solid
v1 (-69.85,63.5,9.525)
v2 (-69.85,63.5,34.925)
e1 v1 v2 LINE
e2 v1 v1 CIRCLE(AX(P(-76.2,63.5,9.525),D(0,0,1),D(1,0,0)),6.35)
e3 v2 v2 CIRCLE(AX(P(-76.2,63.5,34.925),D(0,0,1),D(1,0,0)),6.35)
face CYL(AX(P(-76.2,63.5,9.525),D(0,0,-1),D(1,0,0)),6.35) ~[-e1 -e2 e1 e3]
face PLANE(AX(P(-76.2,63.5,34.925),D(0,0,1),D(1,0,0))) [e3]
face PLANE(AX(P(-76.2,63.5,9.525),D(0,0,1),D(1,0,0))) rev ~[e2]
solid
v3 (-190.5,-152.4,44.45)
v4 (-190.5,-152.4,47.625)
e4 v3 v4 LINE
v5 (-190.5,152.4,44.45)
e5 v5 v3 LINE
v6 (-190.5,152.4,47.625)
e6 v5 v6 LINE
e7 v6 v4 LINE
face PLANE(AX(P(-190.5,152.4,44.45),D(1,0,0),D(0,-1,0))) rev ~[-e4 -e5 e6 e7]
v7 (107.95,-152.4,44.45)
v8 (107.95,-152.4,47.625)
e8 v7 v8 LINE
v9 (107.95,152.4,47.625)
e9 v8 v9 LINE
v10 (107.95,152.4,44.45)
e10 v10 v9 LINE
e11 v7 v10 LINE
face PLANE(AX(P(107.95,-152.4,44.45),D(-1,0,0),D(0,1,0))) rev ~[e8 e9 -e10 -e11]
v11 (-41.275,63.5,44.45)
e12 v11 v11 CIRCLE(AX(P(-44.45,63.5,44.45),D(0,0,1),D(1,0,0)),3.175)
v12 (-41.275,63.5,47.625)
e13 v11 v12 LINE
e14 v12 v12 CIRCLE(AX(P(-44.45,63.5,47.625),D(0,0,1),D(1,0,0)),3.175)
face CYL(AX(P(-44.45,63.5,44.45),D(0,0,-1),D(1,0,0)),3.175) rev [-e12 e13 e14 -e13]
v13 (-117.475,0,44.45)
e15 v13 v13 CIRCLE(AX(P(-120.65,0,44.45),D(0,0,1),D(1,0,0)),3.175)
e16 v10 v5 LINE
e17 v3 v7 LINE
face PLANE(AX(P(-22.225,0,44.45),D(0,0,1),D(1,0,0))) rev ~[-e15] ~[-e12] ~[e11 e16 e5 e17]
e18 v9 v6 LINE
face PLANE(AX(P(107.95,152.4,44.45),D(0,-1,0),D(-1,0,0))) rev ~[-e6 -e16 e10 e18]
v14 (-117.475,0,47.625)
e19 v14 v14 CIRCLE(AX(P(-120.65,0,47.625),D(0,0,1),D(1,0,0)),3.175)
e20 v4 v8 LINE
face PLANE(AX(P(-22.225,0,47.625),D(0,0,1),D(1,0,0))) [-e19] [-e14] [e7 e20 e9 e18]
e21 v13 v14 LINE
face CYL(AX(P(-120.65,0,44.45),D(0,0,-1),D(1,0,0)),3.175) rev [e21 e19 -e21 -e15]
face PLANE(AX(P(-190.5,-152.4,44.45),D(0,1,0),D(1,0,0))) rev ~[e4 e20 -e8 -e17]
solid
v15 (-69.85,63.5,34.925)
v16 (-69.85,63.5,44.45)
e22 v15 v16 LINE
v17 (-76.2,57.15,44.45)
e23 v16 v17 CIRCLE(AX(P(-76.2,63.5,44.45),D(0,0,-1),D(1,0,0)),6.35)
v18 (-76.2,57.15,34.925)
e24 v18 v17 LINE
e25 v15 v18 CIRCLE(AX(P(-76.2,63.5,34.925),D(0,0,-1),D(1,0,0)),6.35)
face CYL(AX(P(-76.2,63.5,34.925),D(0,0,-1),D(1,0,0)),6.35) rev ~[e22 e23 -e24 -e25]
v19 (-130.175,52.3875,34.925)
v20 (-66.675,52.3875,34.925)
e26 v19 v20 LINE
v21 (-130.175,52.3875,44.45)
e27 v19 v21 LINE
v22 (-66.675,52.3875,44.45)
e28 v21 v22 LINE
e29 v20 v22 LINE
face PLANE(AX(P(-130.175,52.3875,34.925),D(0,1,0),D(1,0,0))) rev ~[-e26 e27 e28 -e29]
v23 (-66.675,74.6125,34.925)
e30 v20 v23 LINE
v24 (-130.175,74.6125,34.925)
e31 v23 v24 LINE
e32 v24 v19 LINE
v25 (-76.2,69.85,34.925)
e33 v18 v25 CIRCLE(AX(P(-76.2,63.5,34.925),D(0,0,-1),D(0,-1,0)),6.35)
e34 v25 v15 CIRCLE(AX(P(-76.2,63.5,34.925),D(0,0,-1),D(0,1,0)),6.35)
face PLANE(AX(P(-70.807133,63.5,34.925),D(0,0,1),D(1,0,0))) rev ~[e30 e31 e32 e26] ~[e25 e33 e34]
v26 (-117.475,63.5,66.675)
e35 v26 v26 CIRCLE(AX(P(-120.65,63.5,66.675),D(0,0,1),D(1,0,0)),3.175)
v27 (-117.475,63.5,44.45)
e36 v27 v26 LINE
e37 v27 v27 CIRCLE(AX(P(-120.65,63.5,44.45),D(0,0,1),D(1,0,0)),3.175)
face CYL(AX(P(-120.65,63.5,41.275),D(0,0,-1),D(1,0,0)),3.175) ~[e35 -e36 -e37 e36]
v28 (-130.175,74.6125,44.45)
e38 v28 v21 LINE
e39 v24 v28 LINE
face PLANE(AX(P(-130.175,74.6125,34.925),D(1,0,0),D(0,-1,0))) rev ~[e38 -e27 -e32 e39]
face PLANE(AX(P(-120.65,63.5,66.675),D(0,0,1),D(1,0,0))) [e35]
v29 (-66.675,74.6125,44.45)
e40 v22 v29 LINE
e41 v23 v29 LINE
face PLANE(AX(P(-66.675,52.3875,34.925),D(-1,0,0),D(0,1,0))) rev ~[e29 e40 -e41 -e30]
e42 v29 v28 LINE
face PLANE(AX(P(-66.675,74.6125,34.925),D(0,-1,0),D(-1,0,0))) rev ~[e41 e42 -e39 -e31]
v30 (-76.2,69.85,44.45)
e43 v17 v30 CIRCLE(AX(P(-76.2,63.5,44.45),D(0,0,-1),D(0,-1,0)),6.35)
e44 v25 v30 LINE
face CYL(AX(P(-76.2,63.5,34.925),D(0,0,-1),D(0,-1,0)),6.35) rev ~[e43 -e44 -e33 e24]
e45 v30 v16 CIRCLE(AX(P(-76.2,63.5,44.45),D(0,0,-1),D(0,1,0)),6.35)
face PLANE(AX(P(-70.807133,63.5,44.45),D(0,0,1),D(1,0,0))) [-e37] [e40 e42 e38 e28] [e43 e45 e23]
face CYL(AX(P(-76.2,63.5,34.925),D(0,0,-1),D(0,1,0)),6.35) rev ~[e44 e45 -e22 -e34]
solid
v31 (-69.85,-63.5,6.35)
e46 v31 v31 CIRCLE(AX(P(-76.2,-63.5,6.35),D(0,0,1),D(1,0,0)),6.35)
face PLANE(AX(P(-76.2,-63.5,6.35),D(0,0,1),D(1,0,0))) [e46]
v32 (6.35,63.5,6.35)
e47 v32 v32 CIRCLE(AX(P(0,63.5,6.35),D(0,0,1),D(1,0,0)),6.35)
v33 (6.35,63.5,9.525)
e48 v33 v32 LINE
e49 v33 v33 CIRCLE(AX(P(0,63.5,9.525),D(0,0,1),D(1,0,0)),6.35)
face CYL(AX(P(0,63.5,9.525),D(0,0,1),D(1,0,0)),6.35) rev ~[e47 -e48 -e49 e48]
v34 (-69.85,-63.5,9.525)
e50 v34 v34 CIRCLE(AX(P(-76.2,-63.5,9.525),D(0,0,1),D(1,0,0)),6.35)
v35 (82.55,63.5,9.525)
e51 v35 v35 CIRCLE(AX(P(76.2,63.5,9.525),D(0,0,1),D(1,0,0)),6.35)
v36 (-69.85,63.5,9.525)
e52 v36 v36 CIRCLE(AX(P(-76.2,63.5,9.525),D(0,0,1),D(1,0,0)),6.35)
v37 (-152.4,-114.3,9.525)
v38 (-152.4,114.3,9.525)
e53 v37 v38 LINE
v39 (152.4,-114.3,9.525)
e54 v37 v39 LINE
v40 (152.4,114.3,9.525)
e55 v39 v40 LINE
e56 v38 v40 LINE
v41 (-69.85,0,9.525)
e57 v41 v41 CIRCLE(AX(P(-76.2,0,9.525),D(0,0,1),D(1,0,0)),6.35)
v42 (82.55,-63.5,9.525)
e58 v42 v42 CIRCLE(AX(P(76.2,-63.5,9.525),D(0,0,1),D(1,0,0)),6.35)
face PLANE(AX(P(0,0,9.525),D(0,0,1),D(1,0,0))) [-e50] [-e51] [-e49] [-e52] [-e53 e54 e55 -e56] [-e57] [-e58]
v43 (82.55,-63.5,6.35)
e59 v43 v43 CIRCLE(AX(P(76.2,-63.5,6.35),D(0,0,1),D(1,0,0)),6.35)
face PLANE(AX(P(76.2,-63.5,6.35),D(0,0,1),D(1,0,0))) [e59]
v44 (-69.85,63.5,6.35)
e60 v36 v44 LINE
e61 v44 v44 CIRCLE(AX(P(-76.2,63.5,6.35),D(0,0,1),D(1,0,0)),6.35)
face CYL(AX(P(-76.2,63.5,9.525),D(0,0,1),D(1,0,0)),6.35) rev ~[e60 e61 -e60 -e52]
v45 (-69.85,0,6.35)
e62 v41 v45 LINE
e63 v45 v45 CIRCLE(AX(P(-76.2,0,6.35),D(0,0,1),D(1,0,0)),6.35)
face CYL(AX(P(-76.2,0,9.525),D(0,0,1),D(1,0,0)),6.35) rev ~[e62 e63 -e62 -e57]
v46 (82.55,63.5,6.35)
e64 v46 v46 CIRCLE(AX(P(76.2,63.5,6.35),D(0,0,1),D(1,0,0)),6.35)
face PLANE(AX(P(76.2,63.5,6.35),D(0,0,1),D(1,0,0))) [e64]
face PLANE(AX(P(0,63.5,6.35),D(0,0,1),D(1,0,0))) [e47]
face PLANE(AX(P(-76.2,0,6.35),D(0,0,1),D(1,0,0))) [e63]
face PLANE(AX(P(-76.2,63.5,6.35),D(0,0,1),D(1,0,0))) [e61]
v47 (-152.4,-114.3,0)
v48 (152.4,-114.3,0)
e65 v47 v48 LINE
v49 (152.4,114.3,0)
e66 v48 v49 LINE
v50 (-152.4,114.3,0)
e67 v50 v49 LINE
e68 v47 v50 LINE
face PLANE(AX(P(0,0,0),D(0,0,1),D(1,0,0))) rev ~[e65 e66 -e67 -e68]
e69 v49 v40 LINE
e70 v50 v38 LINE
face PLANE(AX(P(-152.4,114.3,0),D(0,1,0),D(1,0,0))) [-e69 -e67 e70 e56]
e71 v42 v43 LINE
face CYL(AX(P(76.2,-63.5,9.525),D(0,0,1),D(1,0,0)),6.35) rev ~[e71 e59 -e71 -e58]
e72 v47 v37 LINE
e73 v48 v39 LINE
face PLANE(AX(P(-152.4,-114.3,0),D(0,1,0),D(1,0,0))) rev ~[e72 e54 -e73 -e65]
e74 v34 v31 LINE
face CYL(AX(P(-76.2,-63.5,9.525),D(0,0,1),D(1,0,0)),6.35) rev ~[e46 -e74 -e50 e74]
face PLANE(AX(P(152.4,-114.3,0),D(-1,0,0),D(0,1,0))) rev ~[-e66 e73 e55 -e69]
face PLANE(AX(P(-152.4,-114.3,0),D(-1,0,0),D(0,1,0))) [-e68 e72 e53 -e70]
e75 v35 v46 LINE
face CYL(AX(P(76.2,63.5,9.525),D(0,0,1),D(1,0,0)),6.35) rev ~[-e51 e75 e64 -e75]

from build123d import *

# Parameters (mm, degrees)
F0_W      = 304.8
F0_H      = 228.6
F1_DEPTH  = 9.525
F2_R      = 6.35
F3_DEPTH  = 25.4
F4_DEPTH  = 3.175
F5_R      = 6.35
F6_DEPTH  = 3.175
F8_DEPTH  = 9.525
F9_R      = 3.175
F10_DEPTH = 3.175
F11_DEPTH = 25.4
F12_W     = 260.35
F12_H     = 228.6
F12_R     = 3.175
F12_W_2   = 63.5
F12_H_2   = 22.225
F12_R_2   = 6.35
F13_DEPTH = 3.175


with BuildPart() as f1:
    # F0 (on Top) → F1 (new body)
    with BuildSketch(Plane.XY):
        Rectangle(F0_W, F0_H)
    extrude(amount=F1_DEPTH)

    # F2 (on face) → F4 (cut)
    with BuildSketch(Plane.XY.offset(9.525)):
        with Locations((-76.2, 63.5)):
            Circle(F2_R)
        with Locations((-76.2, -63.5)):
            Circle(F2_R)
        with Locations((76.2, 63.5)):
            Circle(F2_R)
        with Locations((76.2, -63.5)):
            Circle(F2_R)
    extrude(amount=-F4_DEPTH, mode=Mode.SUBTRACT)

    # F5 (on face) → F6 (cut)
    with BuildSketch(Plane.XY.offset(9.525)):
        with Locations((-76.2, 0)):
            Circle(F5_R)
        with Locations((0, 63.5)):
            Circle(F5_R)
    extrude(amount=-F6_DEPTH, mode=Mode.SUBTRACT)


with BuildPart() as f3:
    # F2 (on face) → F3 (new body)
    with BuildSketch(Plane.XY.offset(9.525)):
        with Locations((-76.2, 63.5)):
            Circle(F2_R)
    extrude(amount=F3_DEPTH)


with BuildPart() as f8:
    # F7 (on face) → F8 (new body)
    with BuildSketch(Plane.XY.offset(34.925)):
        with BuildLine():
            ThreePointArc((-76.2, 69.85), (-71.7098719395, 67.9901280605), (-69.85, 63.5))
            ThreePointArc((-69.85, 63.5), (-71.7098719395, 59.0098719395), (-76.2, 57.15))
            Line((-76.2, 57.15), (-76.2, 52.3875))
            Line((-76.2, 52.3875), (-66.675, 52.3875))
            Line((-66.675, 52.3875), (-66.675, 74.6125))
            Line((-66.675, 74.6125), (-76.2, 74.6125))
            Line((-76.2, 74.6125), (-76.2, 69.85))
        make_face()
        with BuildLine():
            ThreePointArc((-76.2, 57.15), (-82.55, 63.5), (-76.2, 69.85))
            Line((-76.2, 69.85), (-76.2, 74.6125))
            Line((-76.2, 74.6125), (-130.175, 74.6125))
            Line((-130.175, 74.6125), (-130.175, 52.3875))
            Line((-130.175, 52.3875), (-76.2, 52.3875))
            Line((-76.2, 52.3875), (-76.2, 57.15))
        make_face()
    extrude(amount=F8_DEPTH)

    # F9 (on face) → F10 (cut)
    with BuildSketch(Plane.XY.offset(44.45)):
        with Locations((-120.65, 63.5)):
            Circle(F9_R)
    extrude(amount=-F10_DEPTH, mode=Mode.SUBTRACT)

    # F11 (add): a face of the model
    f11_faces = [f8.faces().sort_by_distance(p)[0] for p in [
        (-120.65, 63.5, 41.275),
    ]]
    extrude(f11_faces, amount=F11_DEPTH)


with BuildPart() as f13:
    # F12 (on face) → F13 (new body)
    with BuildSketch(Plane.XY.offset(44.45)):
        with Locations((-22.225, 0)):
            Rectangle(F12_W, F12_H)
        with Locations((-120.65, 0)):
            Circle(F12_R, mode=Mode.SUBTRACT)
        with Locations((-98.425, 63.5)):
            Rectangle(F12_W_2, F12_H_2, mode=Mode.SUBTRACT)
        with Locations((-76.2, 0)):
            Circle(F12_R_2, mode=Mode.SUBTRACT)
        with Locations((-44.45, 63.5)):
            Circle(F12_R, mode=Mode.SUBTRACT)
        with Locations((0, 63.5)):
            Circle(F12_R_2, mode=Mode.SUBTRACT)
        Polygon((107.95, -152.4), (107.95, -114.3), (-152.4, -114.3), (-152.4, 114.3), (107.95, 114.3), (107.95, 152.4), (-190.5, 152.4), (-190.5, -152.4), align=None)
        with Locations((-98.425, 63.5)):
            Rectangle(F12_W_2, F12_H_2)
        with Locations((-120.65, 63.5)):
            Circle(F12_R, mode=Mode.SUBTRACT)
        with Locations((-76.2, 63.5)):
            Circle(F12_R_2, mode=Mode.SUBTRACT)
        with Locations((-76.2, 63.5)):
            Circle(F12_R_2)
        with Locations((0, 63.5)):
            Circle(F12_R_2)
        with Locations((-76.2, 0)):
            Circle(F12_R_2)
        with Locations((-120.65, 63.5)):
            Circle(F12_R)
    extrude(amount=F13_DEPTH)


solid = Compound([f1.part, f3.part, f8.part, f13.part])
